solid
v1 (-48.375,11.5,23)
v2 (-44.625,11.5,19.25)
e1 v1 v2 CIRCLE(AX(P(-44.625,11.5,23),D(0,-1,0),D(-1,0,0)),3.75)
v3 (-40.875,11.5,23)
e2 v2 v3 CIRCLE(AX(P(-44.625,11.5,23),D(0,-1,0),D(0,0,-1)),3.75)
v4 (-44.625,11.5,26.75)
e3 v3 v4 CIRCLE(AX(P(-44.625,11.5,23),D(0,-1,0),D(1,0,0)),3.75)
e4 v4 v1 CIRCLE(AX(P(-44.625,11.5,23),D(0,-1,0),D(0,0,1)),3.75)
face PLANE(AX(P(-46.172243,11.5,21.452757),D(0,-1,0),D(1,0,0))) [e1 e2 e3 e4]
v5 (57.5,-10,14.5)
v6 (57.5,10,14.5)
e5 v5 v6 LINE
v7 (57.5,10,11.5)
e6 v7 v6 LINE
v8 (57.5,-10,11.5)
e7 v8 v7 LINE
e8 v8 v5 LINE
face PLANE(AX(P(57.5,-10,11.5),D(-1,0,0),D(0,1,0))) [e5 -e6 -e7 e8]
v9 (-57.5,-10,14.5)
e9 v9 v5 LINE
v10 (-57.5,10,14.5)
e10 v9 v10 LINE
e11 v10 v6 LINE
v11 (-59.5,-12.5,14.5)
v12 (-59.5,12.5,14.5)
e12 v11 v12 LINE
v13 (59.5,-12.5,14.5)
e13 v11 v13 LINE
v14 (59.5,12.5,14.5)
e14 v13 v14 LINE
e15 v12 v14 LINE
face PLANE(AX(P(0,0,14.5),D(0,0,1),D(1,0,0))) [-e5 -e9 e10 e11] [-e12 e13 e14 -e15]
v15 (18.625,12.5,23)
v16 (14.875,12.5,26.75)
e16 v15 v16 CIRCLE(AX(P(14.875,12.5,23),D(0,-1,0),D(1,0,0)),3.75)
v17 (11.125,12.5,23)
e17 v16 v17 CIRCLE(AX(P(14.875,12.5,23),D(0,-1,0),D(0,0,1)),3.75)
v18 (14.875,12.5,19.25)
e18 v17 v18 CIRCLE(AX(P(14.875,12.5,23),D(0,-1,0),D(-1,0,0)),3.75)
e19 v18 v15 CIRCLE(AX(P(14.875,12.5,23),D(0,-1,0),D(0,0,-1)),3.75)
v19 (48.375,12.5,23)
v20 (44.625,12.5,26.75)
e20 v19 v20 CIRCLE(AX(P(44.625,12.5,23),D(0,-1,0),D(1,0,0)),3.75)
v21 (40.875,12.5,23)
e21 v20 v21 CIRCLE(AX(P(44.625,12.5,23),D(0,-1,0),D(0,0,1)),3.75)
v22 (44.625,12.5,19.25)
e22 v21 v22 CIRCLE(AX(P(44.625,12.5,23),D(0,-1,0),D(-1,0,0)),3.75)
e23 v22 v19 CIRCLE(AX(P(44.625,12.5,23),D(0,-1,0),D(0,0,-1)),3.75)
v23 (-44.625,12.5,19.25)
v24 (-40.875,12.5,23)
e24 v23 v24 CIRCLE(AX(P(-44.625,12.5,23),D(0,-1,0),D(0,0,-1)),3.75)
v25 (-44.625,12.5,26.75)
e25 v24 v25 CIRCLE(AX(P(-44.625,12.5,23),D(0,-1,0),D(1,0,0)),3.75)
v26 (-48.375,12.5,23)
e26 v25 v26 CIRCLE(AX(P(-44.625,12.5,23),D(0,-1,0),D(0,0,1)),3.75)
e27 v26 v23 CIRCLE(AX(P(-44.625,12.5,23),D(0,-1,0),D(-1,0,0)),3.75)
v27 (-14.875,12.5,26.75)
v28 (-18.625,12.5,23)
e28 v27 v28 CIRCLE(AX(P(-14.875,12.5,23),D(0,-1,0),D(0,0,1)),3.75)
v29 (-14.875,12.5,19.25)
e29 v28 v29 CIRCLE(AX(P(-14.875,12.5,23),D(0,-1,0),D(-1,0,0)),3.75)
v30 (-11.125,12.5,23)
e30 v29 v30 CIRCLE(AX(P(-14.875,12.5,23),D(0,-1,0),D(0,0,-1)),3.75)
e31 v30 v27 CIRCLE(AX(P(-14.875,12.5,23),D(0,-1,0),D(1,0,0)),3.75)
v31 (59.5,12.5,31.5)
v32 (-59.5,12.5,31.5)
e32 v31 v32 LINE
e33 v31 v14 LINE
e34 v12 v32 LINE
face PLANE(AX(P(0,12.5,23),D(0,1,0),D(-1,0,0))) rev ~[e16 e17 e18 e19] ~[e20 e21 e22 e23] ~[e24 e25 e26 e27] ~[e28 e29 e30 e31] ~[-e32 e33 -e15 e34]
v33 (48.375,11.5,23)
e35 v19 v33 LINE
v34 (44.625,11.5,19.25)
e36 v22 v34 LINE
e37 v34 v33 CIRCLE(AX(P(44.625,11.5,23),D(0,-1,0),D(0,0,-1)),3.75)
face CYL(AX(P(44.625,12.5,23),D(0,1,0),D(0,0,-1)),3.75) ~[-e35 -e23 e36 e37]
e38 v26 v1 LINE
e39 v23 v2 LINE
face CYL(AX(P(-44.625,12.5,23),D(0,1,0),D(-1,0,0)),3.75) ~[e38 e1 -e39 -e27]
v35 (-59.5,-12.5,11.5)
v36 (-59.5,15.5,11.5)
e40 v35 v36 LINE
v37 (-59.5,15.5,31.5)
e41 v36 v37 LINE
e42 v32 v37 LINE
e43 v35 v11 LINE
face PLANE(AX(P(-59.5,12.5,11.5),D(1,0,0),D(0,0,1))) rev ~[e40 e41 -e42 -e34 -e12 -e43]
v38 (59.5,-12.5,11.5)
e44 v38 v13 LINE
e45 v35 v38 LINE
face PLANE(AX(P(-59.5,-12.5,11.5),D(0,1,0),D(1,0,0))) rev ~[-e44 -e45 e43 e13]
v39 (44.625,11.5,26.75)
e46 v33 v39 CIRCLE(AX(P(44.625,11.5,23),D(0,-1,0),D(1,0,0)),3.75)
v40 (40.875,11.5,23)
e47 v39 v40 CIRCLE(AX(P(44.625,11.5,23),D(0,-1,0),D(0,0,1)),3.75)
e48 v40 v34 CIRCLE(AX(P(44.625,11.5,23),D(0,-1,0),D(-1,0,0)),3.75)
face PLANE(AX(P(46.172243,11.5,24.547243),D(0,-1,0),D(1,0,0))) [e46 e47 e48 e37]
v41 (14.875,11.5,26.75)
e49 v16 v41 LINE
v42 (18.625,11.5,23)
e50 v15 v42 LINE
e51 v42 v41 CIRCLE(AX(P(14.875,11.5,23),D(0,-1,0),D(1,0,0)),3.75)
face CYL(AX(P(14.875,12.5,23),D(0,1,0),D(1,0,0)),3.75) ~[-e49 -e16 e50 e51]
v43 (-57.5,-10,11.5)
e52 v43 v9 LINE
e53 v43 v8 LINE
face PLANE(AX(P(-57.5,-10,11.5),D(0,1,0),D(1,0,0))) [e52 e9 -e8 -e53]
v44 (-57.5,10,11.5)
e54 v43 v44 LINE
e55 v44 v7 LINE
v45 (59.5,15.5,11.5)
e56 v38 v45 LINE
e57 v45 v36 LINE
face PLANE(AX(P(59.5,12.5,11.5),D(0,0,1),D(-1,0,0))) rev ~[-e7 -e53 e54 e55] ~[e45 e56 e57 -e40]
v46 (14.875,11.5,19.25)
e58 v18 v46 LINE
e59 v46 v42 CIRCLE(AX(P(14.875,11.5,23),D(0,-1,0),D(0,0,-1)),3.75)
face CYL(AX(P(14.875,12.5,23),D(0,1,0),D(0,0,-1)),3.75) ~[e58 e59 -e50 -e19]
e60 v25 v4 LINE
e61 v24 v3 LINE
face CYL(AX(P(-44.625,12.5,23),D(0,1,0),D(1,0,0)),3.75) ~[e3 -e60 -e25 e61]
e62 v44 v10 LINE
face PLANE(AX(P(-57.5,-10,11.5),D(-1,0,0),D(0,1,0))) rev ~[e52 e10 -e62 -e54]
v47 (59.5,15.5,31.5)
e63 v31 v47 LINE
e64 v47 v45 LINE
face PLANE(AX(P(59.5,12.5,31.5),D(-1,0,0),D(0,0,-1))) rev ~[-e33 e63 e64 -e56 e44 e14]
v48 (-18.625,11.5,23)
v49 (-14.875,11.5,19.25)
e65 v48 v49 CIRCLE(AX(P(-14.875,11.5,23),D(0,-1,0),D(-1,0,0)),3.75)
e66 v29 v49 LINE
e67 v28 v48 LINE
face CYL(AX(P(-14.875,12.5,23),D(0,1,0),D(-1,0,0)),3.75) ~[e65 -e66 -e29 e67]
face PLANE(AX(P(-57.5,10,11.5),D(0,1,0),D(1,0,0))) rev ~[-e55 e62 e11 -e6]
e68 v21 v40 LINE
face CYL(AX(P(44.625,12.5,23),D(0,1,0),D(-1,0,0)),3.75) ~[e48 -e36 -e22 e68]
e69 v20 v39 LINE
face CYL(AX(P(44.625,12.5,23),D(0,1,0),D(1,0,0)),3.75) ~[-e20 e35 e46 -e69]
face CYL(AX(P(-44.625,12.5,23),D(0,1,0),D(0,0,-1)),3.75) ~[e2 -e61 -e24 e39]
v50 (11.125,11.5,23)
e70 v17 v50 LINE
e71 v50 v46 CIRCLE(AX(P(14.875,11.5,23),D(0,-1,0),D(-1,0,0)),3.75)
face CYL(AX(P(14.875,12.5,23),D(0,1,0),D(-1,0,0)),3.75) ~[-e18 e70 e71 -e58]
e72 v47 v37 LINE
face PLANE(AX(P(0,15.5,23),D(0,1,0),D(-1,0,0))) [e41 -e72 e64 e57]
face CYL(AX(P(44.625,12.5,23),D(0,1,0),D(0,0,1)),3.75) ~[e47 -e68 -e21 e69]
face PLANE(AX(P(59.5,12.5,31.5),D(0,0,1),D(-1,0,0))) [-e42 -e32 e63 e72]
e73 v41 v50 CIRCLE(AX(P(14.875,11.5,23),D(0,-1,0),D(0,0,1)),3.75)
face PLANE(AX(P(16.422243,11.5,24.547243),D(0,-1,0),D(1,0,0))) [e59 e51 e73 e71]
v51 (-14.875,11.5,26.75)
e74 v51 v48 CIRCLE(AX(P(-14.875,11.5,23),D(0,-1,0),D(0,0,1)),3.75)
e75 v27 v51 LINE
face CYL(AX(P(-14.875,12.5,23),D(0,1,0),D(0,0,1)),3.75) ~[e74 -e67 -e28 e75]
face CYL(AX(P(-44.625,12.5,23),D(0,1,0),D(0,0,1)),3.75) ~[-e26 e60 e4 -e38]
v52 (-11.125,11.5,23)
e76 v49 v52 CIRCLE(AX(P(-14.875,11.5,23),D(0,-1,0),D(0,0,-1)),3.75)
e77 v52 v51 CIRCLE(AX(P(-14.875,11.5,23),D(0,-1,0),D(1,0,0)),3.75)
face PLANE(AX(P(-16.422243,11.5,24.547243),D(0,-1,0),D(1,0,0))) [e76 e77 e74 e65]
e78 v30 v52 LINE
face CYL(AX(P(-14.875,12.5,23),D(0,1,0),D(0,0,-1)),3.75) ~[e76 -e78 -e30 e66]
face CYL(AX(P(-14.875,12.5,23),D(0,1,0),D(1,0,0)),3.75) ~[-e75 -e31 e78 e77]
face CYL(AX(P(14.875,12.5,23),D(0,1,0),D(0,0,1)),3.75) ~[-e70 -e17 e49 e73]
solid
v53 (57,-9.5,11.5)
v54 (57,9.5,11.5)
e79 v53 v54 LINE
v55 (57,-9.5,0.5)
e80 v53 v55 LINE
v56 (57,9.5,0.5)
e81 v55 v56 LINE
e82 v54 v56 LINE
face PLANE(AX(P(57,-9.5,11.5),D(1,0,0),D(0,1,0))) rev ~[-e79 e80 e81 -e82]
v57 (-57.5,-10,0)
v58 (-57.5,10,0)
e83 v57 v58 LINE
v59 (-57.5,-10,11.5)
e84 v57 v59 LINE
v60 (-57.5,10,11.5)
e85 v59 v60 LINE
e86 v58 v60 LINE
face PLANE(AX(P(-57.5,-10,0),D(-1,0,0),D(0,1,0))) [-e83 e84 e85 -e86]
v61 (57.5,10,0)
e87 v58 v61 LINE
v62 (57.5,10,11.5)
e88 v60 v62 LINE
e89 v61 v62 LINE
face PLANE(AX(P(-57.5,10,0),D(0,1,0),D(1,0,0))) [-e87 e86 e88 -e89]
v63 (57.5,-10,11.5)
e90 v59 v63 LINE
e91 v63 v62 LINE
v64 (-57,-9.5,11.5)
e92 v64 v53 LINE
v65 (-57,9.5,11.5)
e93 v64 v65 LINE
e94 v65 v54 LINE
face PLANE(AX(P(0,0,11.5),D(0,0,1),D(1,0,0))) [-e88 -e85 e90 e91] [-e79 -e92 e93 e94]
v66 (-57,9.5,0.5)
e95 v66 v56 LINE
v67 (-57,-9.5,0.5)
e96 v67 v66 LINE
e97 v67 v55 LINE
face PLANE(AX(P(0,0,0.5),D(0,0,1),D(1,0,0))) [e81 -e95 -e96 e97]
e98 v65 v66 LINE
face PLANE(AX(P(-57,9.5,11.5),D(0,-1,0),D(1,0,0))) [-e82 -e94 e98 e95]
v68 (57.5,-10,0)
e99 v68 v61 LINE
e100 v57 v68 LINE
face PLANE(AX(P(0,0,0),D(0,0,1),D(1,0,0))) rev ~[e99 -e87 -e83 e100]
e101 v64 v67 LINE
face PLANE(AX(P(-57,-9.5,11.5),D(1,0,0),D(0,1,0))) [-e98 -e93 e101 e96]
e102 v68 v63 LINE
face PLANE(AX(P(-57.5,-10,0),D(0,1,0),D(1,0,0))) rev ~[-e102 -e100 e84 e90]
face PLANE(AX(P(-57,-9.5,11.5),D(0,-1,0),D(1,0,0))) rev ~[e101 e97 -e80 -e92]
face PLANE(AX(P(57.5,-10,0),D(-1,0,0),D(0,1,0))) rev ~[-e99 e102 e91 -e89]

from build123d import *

# Parameters (mm, degrees)
F0_W     = 115
F0_H     = 20
F1_DEPTH = 11.5
F2_W     = 119
F2_H     = 25
F2_W_2   = 115
F2_H_2   = 20
F3_DEPTH = 3
F4_W     = 114
F4_H     = 19
F5_DEPTH = 11
F6_W     = 119
F6_H     = 17
F6_H_2   = 3
F7_DEPTH = 3
F9_DEPTH = 1


with BuildPart() as f1:
    # F0 (on Top) → F1 (new body)
    with BuildSketch(Plane.XY):
        Rectangle(F0_W, F0_H)
    extrude(amount=F1_DEPTH)

    # F4 (on face) → F5 (cut)
    with BuildSketch(Plane.XY.offset(11.5)):
        Rectangle(F4_W, F4_H)
    extrude(amount=-F5_DEPTH, mode=Mode.SUBTRACT)


with BuildPart() as f3:
    # F2 (on face) → F3 (new body)
    with BuildSketch(Plane.XY.offset(11.5)):
        Rectangle(F2_W, F2_H)
        Rectangle(F2_W_2, F2_H_2, mode=Mode.SUBTRACT)
    extrude(amount=F3_DEPTH)

    # F6 (on face) → F7 (join)
    with BuildSketch(Plane(origin=(0, 12.5, 0), x_dir=(-1, 0, 0), z_dir=(0, 1, 0))):
        with Locations((0, 23)):
            Rectangle(F6_W, F6_H)
        with Locations((0, 13)):
            Rectangle(F6_W, F6_H_2)
    extrude(amount=F7_DEPTH)

    # F8 (on face) → F9 (join)
    with BuildSketch(Plane.XZ.offset(-12.5)):
        with BuildLine():
            ThreePointArc((-48.375, 23), (-47.2766504294, 20.3483495706), (-44.625, 19.25))
            Line((-44.625, 19.25), (-44.625, 23))
            Line((-44.625, 23), (-48.375, 23))
        make_face()
        with BuildLine():
            Line((-44.625, 23), (-44.625, 19.25))
            ThreePointArc((-44.625, 19.25), (-41.9733495706, 20.3483495706), (-40.875, 23))
            Line((-40.875, 23), (-44.625, 23))
        make_face()
        with BuildLine():
            ThreePointArc((-40.875, 23), (-41.9733495706, 25.6516504294), (-44.625, 26.75))
            Line((-44.625, 26.75), (-44.625, 23))
            Line((-44.625, 23), (-40.875, 23))
        make_face()
        with BuildLine():
            Line((-44.625, 23), (-44.625, 26.75))
            ThreePointArc((-44.625, 26.75), (-47.2766504294, 25.6516504294), (-48.375, 23))
            Line((-48.375, 23), (-44.625, 23))
        make_face()
        with BuildLine():
            Line((-14.875, 23), (-14.875, 26.75))
            ThreePointArc((-14.875, 26.75), (-17.5266504294, 25.6516504294), (-18.625, 23))
            Line((-18.625, 23), (-14.875, 23))
        make_face()
        with BuildLine():
            ThreePointArc((-11.125, 23), (-12.2233495706, 25.6516504294), (-14.875, 26.75))
            Line((-14.875, 26.75), (-14.875, 23))
            Line((-14.875, 23), (-11.125, 23))
        make_face()
        with BuildLine():
            ThreePointArc((-18.625, 23), (-17.5266504294, 20.3483495706), (-14.875, 19.25))
            Line((-14.875, 19.25), (-14.875, 23))
            Line((-14.875, 23), (-18.625, 23))
        make_face()
        with BuildLine():
            Line((-14.875, 23), (-14.875, 19.25))
            ThreePointArc((-14.875, 19.25), (-12.2233495706, 20.3483495706), (-11.125, 23))
            Line((-11.125, 23), (-14.875, 23))
        make_face()
        with BuildLine():
            Line((14.875, 23), (18.625, 23))
            ThreePointArc((18.625, 23), (17.5266504294, 25.6516504294), (14.875, 26.75))
            Line((14.875, 26.75), (14.875, 23))
        make_face()
        with BuildLine():
            Line((11.125, 23), (14.875, 23))
            Line((14.875, 23), (14.875, 26.75))
            ThreePointArc((14.875, 26.75), (12.2233495706, 25.6516504294), (11.125, 23))
        make_face()
        with BuildLine():
            Line((14.875, 19.25), (14.875, 23))
            Line((14.875, 23), (11.125, 23))
            ThreePointArc((11.125, 23), (12.2233495706, 20.3483495706), (14.875, 19.25))
        make_face()
        with BuildLine():
            ThreePointArc((14.875, 19.25), (17.5266504294, 20.3483495706), (18.625, 23))
            Line((18.625, 23), (14.875, 23))
            Line((14.875, 23), (14.875, 19.25))
        make_face()
        with BuildLine():
            Line((44.625, 23), (48.375, 23))
            ThreePointArc((48.375, 23), (47.2766504294, 25.6516504294), (44.625, 26.75))
            Line((44.625, 26.75), (44.625, 23))
        make_face()
        with BuildLine():
            Line((40.875, 23), (44.625, 23))
            Line((44.625, 23), (44.625, 26.75))
            ThreePointArc((44.625, 26.75), (41.9733495706, 25.6516504294), (40.875, 23))
        make_face()
        with BuildLine():
            Line((44.625, 19.25), (44.625, 23))
            Line((44.625, 23), (40.875, 23))
            ThreePointArc((40.875, 23), (41.9733495706, 20.3483495706), (44.625, 19.25))
        make_face()
        with BuildLine():
            ThreePointArc((44.625, 19.25), (47.2766504294, 20.3483495706), (48.375, 23))
            Line((48.375, 23), (44.625, 23))
            Line((44.625, 23), (44.625, 19.25))
        make_face()
    extrude(amount=F9_DEPTH)


solid = Compound([f1.part, f3.part])
